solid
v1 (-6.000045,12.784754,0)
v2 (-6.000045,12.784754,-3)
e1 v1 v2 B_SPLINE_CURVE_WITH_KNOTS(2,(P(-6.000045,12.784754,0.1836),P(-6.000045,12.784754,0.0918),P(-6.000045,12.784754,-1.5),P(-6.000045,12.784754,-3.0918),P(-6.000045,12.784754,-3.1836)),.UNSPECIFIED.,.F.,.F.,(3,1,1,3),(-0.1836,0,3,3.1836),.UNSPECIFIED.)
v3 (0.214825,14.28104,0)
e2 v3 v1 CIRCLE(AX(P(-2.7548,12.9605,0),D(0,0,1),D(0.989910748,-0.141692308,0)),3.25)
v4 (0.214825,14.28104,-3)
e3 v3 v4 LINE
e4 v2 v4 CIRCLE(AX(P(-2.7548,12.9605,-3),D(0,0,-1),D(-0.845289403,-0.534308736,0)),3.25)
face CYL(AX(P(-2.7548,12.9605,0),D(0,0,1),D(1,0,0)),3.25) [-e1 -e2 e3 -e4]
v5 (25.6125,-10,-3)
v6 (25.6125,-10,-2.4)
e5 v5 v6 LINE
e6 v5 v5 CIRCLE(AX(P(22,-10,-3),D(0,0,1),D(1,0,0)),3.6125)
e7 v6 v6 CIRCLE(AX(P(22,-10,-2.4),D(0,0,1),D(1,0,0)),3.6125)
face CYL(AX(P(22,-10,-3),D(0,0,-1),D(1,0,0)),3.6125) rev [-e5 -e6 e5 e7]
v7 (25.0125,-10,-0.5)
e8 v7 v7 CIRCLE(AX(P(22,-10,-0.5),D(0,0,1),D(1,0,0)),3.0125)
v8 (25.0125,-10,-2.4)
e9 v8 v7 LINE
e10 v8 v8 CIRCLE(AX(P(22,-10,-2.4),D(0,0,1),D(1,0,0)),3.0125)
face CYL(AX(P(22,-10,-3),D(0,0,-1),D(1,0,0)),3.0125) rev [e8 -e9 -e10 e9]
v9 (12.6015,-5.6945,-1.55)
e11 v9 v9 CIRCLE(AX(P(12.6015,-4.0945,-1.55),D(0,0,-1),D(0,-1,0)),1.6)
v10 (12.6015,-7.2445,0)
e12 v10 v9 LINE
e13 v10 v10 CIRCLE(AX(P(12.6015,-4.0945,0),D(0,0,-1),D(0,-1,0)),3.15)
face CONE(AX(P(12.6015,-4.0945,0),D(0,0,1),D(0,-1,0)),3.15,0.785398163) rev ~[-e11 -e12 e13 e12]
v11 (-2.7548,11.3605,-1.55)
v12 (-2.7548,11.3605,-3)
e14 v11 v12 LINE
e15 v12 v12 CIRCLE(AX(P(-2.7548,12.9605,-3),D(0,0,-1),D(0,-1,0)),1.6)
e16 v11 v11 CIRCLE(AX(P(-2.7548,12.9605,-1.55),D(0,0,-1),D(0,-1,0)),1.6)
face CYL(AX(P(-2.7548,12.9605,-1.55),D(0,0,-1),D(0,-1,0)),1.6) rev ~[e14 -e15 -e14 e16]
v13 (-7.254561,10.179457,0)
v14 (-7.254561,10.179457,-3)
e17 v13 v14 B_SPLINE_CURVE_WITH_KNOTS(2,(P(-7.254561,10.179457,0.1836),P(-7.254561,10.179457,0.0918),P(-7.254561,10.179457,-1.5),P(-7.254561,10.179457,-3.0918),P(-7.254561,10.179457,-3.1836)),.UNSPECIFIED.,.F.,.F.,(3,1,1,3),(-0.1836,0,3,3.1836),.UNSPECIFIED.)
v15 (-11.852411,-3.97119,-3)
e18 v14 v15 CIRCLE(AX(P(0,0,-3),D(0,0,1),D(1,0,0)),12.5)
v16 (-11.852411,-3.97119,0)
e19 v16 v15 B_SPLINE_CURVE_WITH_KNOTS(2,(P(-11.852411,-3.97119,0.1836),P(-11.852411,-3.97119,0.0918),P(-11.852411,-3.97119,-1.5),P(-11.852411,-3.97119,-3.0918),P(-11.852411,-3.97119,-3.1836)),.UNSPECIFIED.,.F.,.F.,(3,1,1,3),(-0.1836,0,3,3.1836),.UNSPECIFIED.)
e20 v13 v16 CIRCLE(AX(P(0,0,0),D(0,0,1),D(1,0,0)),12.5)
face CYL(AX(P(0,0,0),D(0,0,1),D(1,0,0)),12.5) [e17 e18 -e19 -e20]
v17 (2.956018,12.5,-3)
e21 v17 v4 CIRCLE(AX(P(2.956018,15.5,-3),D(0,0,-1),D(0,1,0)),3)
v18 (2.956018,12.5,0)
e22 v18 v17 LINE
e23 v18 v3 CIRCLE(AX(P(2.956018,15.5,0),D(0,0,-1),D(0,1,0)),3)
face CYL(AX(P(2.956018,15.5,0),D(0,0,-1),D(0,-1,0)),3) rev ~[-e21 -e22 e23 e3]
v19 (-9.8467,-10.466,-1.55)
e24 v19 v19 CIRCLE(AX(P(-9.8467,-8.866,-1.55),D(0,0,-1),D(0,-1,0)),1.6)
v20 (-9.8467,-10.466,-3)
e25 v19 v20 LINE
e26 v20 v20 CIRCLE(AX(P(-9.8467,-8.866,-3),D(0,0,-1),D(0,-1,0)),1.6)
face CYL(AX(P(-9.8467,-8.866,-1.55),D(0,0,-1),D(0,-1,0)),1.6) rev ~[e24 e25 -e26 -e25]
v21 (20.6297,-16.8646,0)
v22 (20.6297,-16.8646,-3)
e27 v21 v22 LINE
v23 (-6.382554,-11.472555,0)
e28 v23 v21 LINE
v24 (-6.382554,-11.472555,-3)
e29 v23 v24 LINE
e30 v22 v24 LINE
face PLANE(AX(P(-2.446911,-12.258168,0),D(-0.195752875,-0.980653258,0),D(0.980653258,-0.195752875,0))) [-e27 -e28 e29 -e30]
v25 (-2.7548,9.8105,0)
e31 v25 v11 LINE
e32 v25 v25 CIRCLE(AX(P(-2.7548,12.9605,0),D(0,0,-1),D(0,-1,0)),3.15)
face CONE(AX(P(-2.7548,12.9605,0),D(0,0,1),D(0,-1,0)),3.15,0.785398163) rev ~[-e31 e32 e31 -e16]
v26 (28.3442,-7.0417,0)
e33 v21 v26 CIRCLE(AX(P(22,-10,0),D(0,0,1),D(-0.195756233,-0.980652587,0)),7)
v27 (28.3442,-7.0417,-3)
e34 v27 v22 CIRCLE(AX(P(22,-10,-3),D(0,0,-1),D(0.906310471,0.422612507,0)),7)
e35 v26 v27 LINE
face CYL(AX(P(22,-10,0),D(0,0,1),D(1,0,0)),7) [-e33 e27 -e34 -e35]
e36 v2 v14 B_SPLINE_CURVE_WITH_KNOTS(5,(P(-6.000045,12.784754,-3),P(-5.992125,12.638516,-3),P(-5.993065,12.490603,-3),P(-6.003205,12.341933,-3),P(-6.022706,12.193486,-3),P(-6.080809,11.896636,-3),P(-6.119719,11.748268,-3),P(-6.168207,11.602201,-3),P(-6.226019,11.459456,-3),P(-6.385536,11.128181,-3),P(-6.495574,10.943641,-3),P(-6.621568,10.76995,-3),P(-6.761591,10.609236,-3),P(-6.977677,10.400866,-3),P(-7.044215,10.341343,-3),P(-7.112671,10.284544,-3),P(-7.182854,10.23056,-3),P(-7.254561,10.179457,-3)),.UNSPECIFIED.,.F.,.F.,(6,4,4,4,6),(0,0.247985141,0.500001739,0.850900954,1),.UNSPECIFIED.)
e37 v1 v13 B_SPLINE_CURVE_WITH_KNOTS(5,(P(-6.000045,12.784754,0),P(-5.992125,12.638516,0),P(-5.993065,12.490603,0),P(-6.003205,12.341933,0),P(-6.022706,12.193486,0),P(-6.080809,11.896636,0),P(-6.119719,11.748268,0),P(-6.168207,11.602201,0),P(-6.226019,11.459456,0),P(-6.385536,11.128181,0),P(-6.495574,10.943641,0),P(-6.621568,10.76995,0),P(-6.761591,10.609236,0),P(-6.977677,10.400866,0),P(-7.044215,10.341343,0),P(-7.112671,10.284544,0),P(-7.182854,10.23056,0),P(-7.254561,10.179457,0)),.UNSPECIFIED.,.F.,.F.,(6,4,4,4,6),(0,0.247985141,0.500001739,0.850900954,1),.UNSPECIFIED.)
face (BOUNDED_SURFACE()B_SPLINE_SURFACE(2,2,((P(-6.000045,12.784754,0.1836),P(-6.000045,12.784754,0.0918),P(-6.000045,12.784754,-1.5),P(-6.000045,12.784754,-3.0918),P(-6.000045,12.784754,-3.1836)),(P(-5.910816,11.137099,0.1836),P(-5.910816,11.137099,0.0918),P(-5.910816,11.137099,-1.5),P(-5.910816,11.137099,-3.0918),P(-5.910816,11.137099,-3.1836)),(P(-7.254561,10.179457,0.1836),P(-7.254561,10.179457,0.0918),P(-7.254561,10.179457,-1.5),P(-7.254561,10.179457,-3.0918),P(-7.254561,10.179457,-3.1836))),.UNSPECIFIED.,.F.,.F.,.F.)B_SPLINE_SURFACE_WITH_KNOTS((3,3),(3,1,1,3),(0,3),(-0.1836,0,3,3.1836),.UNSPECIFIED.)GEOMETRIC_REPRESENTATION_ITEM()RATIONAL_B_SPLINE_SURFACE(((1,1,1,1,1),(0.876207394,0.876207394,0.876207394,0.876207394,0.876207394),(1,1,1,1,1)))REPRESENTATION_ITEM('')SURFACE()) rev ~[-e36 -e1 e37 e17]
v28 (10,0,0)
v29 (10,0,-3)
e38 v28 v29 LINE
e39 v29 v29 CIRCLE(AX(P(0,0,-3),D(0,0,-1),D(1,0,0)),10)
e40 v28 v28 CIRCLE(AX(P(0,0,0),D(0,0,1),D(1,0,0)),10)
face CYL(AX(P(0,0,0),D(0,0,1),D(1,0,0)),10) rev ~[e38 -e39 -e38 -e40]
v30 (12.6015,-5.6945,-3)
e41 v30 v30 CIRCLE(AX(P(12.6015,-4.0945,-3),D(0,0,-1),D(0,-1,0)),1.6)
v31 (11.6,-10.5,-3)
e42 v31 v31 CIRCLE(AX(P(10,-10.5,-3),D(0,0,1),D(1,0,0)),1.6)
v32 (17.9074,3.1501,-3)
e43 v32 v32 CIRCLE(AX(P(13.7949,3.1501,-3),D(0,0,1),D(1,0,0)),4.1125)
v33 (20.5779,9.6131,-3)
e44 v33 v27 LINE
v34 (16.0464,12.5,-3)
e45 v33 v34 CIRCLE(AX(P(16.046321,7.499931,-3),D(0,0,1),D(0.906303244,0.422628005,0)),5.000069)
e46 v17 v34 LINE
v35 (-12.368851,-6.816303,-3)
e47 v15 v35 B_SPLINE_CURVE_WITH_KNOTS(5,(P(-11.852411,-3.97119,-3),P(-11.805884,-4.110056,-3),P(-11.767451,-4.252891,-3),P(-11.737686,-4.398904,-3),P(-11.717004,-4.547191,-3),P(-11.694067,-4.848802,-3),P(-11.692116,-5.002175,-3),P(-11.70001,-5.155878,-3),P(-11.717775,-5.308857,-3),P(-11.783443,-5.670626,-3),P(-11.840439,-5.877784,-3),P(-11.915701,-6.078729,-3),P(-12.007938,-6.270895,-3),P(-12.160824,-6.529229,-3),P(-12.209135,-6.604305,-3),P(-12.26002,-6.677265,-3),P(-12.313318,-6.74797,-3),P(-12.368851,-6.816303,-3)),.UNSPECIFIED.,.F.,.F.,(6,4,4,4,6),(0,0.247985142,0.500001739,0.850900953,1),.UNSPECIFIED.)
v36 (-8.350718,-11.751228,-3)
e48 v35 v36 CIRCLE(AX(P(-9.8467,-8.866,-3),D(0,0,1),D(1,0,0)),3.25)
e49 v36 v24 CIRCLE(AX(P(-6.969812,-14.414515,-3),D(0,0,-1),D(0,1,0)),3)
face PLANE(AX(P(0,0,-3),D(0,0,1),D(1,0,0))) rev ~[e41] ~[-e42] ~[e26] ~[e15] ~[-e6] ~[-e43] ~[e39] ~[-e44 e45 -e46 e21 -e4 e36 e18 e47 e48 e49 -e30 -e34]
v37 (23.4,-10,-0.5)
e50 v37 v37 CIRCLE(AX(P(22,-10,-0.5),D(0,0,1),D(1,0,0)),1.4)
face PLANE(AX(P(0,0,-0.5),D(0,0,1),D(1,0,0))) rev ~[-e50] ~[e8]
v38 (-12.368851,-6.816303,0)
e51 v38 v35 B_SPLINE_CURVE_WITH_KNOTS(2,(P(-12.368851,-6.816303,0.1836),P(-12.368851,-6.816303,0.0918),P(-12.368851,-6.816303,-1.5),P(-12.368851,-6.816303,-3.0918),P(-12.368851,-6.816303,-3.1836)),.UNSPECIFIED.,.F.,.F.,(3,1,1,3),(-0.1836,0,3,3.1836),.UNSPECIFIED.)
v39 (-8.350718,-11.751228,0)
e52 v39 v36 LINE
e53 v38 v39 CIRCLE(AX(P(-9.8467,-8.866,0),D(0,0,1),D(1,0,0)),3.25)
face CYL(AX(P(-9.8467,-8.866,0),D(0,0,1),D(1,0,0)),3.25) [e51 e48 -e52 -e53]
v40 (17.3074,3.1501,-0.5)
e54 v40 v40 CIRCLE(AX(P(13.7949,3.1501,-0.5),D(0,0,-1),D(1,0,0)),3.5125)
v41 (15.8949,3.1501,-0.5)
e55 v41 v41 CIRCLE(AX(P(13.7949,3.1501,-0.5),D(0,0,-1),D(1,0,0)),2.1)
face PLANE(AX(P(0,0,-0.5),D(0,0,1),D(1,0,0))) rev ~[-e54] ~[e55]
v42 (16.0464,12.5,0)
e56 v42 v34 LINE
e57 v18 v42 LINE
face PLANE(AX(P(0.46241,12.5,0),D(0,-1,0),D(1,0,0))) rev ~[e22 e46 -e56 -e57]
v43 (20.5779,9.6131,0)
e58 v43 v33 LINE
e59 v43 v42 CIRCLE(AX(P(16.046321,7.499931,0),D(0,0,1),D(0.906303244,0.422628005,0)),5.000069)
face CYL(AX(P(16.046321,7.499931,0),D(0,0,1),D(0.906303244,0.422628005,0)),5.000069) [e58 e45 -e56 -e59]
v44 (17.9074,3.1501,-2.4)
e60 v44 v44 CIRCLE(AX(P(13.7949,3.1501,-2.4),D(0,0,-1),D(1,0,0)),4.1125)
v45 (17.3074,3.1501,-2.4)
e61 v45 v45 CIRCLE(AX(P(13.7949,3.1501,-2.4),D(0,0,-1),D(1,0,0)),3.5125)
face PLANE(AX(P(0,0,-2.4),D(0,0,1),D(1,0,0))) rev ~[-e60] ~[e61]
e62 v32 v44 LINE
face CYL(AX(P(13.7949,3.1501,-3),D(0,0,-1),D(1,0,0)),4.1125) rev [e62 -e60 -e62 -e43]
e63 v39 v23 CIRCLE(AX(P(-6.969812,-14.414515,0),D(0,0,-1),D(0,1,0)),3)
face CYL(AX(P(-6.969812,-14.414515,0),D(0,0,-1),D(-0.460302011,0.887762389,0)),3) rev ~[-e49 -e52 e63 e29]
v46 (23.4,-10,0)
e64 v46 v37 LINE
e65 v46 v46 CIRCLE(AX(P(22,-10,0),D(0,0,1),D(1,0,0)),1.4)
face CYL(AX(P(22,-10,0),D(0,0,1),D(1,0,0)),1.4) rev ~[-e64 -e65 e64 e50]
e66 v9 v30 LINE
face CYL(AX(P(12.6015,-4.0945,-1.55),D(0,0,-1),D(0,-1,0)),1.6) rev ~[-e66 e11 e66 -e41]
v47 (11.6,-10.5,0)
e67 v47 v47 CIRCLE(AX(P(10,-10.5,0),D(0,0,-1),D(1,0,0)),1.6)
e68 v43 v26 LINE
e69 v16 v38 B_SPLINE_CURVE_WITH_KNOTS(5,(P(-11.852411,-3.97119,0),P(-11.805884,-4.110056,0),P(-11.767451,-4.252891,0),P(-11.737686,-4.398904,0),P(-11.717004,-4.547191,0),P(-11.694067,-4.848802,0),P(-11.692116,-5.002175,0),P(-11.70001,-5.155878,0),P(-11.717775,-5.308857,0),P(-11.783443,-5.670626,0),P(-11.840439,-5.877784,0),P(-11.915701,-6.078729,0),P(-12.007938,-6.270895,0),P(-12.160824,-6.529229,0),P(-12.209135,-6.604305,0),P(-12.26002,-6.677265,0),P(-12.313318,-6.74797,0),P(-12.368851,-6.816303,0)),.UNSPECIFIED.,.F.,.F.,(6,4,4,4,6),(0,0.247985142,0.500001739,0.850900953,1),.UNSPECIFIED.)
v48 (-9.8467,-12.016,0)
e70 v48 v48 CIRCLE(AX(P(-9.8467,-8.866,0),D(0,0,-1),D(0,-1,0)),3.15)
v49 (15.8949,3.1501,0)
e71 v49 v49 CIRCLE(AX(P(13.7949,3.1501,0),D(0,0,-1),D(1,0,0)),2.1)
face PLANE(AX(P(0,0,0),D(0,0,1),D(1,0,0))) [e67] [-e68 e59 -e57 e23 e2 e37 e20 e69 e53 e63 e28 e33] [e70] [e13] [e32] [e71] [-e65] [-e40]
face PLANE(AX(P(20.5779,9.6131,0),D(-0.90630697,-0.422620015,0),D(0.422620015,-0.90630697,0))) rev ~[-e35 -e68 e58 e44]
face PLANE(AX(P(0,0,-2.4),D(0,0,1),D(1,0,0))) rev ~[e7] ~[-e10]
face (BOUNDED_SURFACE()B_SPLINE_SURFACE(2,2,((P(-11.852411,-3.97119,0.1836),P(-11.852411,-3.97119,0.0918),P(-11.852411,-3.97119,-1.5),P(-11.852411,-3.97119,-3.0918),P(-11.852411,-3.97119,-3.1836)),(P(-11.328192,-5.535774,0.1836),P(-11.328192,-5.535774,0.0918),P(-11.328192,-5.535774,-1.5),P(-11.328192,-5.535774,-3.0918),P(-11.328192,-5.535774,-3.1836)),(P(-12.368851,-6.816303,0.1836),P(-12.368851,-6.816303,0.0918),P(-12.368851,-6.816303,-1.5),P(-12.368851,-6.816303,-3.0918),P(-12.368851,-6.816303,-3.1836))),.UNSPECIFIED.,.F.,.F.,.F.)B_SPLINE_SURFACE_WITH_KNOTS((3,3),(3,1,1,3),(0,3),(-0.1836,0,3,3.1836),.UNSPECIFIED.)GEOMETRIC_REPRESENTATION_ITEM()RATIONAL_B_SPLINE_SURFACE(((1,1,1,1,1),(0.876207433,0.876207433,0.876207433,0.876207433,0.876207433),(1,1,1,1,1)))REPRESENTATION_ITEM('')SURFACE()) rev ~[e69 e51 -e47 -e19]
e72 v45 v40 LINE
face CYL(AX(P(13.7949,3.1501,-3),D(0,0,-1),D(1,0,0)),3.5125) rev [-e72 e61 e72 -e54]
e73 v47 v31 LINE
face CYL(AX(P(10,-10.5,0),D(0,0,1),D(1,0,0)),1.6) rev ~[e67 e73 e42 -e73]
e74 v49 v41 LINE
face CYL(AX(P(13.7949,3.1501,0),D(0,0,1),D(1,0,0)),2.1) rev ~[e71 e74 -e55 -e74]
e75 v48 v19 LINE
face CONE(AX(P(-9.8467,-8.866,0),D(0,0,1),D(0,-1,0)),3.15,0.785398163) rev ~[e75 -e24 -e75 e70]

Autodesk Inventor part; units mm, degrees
ref_plane "YZ Plane" through (0, 0, 0) normal (1, 0, 0) x (0, 1, 0)
ref_plane "XZ Plane" through (0, 0, 0) normal (0, 1, 0) x (-1, 0, 0)
ref_plane "XY Plane" through (0, 0, 0) normal (0, 0, 1) x (1, 0, 0)
sketch "Sketch1" plane through (0, 0, 0) normal (0, 0, 1) x (1, 0, 0)
  circle A0 centre (0, 0) radius 10
  circle A1 centre (0, 0) radius 12.5
  circle A2 centre (0, 0) radius 4.9 construction
  circle A3 centre (0, 0) radius 2.6
  circle A4 centre (22, -10) radius 6.25 construction
  circle A5 centre (13.7949, 3.1501) radius 9.25 construction
  circle A6 centre (22, -10) radius 7
  circle A7 centre (10, -10.5) radius 1.6
  circle A8 centre (10, -10.5) radius 3.75
  line L0 (-7.6132, -11.2269) -> (20.6297, -16.8646)
  line L1 (0, 12.5) -> (16.0464, 12.5)
  line L2 (20.5779, 9.6131) -> (28.3442, -7.0417)
  arc A9 (20.5779, 9.6131) -> (16.0464, 12.5) centre (16.0464, 7.5) ccw
  circle A10 centre (13.7949, 3.1501) radius 2.1
  circle A11 centre (13.7949, 3.1501) radius 3.5125
  circle A12 centre (13.7949, 3.1501) radius 4.1125
  circle A13 centre (22, -10) radius 1.4
  circle A14 centre (22, -10) radius 3.0125
  circle A15 centre (22, -10) radius 3.6125
  circle A16 centre (-9.8467, -8.866) radius 3.25
  circle A17 centre (-9.8467, -8.866) radius 1.6
  circle A18 centre (12.6015, -4.0945) radius 3.25
  circle A19 centre (12.6015, -4.0945) radius 1.6
  circle A20 centre (-2.7548, 12.9605) radius 3.25
  circle A21 centre (-2.7548, 12.9605) radius 1.6
  line L3 (0, 0) -> (-9.2893, -8.3641) construction
  line L4 (0, 0) -> (12.5, 0) construction
  arc A22 (9.6868, -12.069) -> (10.3132, -8.931) centre (10, -10.5) ccw
  point P0 (-2.4469, -12.2582)
  point P1 (0.4624, 12.5)
  point P2 (-5.502, 11.224)
  point P3 (-11.0485, -5.8464)
  point P4 (-6.9692, -10.3769)
  dimension "d33" = 6.5
  dimension "d0" = 20
  dimension "d1" = 25
  dimension "d2" = 9.8
  dimension "d3" = 5.2
  dimension "d4" = 22
  dimension "d5" = 10
  dimension "d6" = 12.5
  dimension "d7" = 18.5
  dimension "d8" = 14
  dimension "d9" = 3.2
  dimension "d10" = 10.5
  dimension "d11" = 10
  dimension "d12" = 7.5
  dimension "d13" = 115
  dimension "d14" = 5
  dimension "d15" = 4.2
  dimension "d16" = 7.025
  dimension "d17" = 8.225
  dimension "d18" = 2.8
  dimension "d19" = 6.025
  dimension "d20" = 7.225
  dimension "d34" = 3.2
  dimension "d37" = 360
  dimension "d39" = 12.5
  dimension "d40" = 138
extrude "Extrusion1" add sketch "Sketch1" against normal blind 3 contours A0 A20 A1 A12 A18 | A0 A16 A1 A20 | A20 A1 A21 | A18 A1 A8 A16 A0 | A18 A1 A19 | A16 A1 A17 | A20 L1 A1 A21 | A20 L1 A9 L2 A6 L0 A1 A8 A18 A12 | A1 L1 A20 | A18 A12 A8 A1 A19 | A1 A12 A18 | A18 A8 A1 | A1 A17 A16 | A21 A1 | A1 A21 | A12 A18 A1 A11 | A1 A11 A12 | A19 A1 | A1 A19 | A18 A12 | A8 A18 A1 | A1 A8 | A8 A18 | A1 L0 A16 | A17 A1 | A1 A17 | A11 A1 A10 | A1 A10 A11 | A6 | A14 | A15
extrude "Extrusion2" cut sketch "Sketch1" along normal blind 0.6 from surface at -3 contours A12 A18 A1 A11 | A1 A11 A12 | A18 A12 | A15
extrude "Extrusion3" cut sketch "Sketch1" along normal blind 2.5 from surface at -3 contours A11 A1 A10 | A1 A10 A11 | A14
fillet "Fillet1" radius 3 4 edges at (-11.0485, -5.8464, -1.5) (-5.502, 11.224, -1.5) (0.4624, 12.5, -1.5) (-7.6132, -11.2269, -1.5)
hole "Hole1" at (-2.7548, 12.9605, 0) at (-9.8467, -8.866, 0) at (12.6015, -4.0945, 0) direction (0, 0, -1) diameter 3.2 depth 6 countersink diameter 6.3 countersink angle 90 clearance for "Countersunk Flat Head Screw DIN EN ISO 2009" size "M3" standard "DIN"
properties part number "Dribbler Bracket A"
